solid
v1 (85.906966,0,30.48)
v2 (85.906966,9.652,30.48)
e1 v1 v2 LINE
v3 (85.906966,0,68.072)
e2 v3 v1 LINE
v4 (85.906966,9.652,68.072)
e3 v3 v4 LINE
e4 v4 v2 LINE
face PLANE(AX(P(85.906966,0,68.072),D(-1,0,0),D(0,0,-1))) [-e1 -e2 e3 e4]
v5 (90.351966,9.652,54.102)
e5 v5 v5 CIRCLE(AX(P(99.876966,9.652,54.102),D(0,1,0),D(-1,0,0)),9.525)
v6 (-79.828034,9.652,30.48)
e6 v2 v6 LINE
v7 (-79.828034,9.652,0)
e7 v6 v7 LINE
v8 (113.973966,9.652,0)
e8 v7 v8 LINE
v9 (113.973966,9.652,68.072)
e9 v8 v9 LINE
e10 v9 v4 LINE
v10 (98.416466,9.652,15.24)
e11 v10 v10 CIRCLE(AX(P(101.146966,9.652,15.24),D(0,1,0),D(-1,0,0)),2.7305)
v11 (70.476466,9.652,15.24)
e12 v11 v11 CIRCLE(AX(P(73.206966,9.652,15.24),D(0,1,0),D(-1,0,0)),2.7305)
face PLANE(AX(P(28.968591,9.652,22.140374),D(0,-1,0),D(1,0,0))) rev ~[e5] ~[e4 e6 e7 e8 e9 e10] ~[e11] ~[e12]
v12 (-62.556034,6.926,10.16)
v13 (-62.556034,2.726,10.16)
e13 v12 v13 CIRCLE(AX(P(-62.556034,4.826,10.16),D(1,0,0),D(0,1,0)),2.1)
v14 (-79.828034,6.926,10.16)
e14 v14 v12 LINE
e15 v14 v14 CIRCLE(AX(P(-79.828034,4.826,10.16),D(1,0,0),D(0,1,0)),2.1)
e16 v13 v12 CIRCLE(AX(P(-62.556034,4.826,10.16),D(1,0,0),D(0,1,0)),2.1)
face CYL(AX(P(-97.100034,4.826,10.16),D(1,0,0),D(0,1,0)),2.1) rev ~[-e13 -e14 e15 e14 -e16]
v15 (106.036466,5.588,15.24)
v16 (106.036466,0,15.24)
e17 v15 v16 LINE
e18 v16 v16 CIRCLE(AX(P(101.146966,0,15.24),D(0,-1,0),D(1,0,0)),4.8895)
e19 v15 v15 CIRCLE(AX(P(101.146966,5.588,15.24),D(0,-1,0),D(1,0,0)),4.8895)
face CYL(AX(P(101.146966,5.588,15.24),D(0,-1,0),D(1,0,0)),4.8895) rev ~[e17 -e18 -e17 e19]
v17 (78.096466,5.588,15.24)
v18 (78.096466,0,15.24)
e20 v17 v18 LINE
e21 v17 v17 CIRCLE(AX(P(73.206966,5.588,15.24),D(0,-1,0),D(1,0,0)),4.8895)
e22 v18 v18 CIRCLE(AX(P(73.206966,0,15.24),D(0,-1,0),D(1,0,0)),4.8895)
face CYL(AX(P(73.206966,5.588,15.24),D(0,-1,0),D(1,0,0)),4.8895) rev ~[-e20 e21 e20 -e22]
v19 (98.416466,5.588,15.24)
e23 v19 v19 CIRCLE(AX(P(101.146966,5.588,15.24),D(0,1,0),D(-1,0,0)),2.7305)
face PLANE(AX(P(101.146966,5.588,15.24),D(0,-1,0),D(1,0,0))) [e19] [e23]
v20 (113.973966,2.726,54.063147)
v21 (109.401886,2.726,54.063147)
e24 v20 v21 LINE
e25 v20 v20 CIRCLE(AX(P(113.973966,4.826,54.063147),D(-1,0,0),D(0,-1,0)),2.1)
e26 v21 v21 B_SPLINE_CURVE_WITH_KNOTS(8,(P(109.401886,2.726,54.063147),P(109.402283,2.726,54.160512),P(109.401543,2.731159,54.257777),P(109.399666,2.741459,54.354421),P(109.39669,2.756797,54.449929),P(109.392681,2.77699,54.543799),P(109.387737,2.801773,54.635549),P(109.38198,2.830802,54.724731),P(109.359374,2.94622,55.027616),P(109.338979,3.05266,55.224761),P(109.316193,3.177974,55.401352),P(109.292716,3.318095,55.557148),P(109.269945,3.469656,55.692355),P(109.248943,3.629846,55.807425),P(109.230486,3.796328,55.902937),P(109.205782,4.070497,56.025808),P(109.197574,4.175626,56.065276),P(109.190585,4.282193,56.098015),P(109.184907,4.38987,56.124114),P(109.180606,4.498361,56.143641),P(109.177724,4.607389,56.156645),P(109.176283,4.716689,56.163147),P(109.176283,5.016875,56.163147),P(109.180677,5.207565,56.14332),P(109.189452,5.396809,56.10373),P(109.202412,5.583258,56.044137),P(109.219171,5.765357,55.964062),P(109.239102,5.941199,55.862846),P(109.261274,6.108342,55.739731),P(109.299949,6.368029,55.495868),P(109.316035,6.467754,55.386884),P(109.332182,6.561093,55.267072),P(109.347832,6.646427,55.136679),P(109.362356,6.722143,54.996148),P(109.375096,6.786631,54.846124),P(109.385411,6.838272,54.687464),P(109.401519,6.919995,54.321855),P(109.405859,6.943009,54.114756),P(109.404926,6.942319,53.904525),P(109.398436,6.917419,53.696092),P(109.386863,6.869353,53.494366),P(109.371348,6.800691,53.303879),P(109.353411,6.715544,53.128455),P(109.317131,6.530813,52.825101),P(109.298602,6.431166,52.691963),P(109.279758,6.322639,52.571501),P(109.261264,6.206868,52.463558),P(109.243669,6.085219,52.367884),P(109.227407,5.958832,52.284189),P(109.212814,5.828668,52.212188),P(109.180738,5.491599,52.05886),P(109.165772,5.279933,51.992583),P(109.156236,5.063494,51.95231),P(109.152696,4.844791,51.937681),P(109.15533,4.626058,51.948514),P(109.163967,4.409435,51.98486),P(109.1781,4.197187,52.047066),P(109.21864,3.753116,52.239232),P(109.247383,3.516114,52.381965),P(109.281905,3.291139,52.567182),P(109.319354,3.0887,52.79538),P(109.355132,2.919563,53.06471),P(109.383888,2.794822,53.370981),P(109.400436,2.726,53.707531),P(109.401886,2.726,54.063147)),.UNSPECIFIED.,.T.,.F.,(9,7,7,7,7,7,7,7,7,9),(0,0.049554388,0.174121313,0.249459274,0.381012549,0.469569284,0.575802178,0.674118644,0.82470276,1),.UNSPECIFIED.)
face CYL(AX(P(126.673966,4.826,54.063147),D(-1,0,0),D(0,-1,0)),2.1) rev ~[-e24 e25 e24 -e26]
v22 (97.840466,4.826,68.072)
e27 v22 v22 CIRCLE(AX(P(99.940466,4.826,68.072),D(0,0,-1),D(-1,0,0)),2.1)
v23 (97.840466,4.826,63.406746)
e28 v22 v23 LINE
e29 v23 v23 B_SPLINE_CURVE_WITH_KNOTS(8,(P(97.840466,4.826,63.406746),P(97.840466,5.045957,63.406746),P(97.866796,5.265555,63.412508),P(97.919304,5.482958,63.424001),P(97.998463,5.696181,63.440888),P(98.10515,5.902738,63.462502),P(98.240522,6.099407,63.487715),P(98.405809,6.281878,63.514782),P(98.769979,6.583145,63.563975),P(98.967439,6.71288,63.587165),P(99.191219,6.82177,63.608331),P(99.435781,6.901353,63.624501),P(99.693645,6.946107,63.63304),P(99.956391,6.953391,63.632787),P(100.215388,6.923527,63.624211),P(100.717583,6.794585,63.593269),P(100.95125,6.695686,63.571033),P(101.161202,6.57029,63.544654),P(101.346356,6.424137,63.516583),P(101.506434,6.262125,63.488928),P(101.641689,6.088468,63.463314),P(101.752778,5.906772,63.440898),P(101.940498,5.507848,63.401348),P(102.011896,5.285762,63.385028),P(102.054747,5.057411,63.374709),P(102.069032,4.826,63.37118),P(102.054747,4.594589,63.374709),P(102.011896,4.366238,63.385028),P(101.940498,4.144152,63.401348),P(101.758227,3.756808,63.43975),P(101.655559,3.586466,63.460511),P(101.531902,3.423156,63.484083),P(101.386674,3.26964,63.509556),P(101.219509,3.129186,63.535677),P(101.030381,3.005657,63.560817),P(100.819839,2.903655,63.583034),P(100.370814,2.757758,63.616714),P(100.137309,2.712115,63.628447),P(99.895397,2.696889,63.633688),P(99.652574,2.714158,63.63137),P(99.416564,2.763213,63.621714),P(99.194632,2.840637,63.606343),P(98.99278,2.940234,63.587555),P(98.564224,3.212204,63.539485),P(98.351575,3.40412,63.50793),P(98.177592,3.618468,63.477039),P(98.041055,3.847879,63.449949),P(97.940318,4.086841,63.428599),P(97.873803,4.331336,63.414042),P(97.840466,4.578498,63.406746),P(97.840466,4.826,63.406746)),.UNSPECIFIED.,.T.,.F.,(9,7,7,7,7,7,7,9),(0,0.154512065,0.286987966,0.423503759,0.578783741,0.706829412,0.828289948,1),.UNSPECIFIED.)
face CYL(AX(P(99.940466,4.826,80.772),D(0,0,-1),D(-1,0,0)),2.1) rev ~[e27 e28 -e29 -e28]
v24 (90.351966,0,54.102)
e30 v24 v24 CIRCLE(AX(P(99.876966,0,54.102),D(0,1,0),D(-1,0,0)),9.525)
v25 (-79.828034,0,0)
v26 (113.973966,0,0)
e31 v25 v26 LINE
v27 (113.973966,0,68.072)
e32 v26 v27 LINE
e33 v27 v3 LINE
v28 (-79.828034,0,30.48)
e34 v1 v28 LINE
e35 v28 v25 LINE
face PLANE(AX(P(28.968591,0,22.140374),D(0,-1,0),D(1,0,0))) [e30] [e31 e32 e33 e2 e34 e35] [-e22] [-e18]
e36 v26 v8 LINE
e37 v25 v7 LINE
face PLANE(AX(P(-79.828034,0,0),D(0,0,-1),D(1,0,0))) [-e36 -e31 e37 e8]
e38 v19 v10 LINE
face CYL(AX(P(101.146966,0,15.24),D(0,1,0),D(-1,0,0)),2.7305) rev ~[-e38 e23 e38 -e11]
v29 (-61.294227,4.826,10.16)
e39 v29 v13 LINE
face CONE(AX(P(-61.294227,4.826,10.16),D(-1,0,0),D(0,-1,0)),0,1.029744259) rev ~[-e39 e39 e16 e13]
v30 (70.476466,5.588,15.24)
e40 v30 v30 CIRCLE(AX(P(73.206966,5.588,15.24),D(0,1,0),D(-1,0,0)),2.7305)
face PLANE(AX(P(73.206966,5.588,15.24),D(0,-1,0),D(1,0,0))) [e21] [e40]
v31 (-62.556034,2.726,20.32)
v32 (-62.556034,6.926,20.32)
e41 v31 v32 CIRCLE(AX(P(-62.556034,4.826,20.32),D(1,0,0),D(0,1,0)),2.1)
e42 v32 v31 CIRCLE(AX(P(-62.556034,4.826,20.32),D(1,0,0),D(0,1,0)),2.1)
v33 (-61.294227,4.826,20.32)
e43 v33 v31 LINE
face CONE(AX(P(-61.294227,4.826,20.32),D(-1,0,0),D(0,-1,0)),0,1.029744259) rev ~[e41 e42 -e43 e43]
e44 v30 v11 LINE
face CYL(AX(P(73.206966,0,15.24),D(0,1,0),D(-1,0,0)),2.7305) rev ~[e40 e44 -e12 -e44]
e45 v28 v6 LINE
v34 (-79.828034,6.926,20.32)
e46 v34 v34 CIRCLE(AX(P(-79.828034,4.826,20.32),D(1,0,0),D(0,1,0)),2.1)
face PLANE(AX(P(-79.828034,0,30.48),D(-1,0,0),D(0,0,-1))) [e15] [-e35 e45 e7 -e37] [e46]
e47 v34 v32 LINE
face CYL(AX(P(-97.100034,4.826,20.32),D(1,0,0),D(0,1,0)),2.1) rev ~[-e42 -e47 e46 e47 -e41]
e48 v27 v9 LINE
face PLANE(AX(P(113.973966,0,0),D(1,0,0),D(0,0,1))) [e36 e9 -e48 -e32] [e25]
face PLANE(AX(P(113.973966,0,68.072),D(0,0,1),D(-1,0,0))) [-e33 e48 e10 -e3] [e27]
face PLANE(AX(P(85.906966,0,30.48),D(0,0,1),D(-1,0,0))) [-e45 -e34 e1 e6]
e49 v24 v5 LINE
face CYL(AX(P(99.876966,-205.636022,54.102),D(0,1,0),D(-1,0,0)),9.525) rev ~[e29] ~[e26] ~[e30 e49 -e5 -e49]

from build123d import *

# Parameters (mm, degrees)
F1_DEPTH       = 9.652
F3_D           = 5.461
F3_CBORE_D     = 9.779
F3_CBORE_DEPTH = 5.588
F5_D           = 19.05
F7_D           = 4.2
F7_DEPTH       = 12.7
F7_TIP         = 1.2618073
F9_D           = 4.2
F9_DEPTH       = 12.7
F9_TIP         = 1.2618073
F11_D          = 4.2
F11_DEPTH      = 17.272
F11_TIP        = 1.2618073


with BuildPart() as f1:
    # F0 (on Front) → F1 (new body)
    with BuildSketch(Plane.XZ):
        Polygon((-79.8280344415, 30.48), (-79.8280344415, 0), (113.9739655585, 0), (113.9739655585, 68.072), (85.9069655585, 68.072), (85.9069655585, 30.48), align=None)
    extrude(amount=-F1_DEPTH)

    # F3 (through all)
    with Locations(Plane.XZ):
        with Locations((73.2069655585, 15.24), (101.1469655585, 15.24)):
            CounterBoreHole(F3_D / 2, F3_CBORE_D / 2, F3_CBORE_DEPTH)

    # F5 (through all)
    with Locations(Plane.XZ):
        with Locations((99.8769655585, 54.102)):
            Hole(F5_D / 2)

    # F7
    with Locations(Plane.XY.offset(68.072)):
        with Locations((99.9404655585, 4.826)):
            Hole(F7_D / 2, depth=F7_DEPTH)
            with Locations((0, 0, -(F7_DEPTH + F7_TIP / 2))):  # 118° drill point
                Cone(0, F7_D / 2, F7_TIP, mode=Mode.SUBTRACT)

    # F9
    with Locations(Plane.YZ.offset(113.9739655585)):
        with Locations((4.826, 54.063147307)):
            Hole(F9_D / 2, depth=F9_DEPTH)
            with Locations((0, 0, -(F9_DEPTH + F9_TIP / 2))):  # 118° drill point
                Cone(0, F9_D / 2, F9_TIP, mode=Mode.SUBTRACT)

    # F11
    with Locations(Plane(origin=(-79.8280344415, 0, 0), x_dir=(0, -1, 0), z_dir=(-1, 0, 0))):
        with Locations((-4.826, 20.32), (-4.826, 10.16)):
            Hole(F11_D / 2, depth=F11_DEPTH)
            with Locations((0, 0, -(F11_DEPTH + F11_TIP / 2))):  # 118° drill point
                Cone(0, F11_D / 2, F11_TIP, mode=Mode.SUBTRACT)


with BuildPart() as f12_1:
    # F12: copy of F1
    add(f1.part)


solid = f1.part
